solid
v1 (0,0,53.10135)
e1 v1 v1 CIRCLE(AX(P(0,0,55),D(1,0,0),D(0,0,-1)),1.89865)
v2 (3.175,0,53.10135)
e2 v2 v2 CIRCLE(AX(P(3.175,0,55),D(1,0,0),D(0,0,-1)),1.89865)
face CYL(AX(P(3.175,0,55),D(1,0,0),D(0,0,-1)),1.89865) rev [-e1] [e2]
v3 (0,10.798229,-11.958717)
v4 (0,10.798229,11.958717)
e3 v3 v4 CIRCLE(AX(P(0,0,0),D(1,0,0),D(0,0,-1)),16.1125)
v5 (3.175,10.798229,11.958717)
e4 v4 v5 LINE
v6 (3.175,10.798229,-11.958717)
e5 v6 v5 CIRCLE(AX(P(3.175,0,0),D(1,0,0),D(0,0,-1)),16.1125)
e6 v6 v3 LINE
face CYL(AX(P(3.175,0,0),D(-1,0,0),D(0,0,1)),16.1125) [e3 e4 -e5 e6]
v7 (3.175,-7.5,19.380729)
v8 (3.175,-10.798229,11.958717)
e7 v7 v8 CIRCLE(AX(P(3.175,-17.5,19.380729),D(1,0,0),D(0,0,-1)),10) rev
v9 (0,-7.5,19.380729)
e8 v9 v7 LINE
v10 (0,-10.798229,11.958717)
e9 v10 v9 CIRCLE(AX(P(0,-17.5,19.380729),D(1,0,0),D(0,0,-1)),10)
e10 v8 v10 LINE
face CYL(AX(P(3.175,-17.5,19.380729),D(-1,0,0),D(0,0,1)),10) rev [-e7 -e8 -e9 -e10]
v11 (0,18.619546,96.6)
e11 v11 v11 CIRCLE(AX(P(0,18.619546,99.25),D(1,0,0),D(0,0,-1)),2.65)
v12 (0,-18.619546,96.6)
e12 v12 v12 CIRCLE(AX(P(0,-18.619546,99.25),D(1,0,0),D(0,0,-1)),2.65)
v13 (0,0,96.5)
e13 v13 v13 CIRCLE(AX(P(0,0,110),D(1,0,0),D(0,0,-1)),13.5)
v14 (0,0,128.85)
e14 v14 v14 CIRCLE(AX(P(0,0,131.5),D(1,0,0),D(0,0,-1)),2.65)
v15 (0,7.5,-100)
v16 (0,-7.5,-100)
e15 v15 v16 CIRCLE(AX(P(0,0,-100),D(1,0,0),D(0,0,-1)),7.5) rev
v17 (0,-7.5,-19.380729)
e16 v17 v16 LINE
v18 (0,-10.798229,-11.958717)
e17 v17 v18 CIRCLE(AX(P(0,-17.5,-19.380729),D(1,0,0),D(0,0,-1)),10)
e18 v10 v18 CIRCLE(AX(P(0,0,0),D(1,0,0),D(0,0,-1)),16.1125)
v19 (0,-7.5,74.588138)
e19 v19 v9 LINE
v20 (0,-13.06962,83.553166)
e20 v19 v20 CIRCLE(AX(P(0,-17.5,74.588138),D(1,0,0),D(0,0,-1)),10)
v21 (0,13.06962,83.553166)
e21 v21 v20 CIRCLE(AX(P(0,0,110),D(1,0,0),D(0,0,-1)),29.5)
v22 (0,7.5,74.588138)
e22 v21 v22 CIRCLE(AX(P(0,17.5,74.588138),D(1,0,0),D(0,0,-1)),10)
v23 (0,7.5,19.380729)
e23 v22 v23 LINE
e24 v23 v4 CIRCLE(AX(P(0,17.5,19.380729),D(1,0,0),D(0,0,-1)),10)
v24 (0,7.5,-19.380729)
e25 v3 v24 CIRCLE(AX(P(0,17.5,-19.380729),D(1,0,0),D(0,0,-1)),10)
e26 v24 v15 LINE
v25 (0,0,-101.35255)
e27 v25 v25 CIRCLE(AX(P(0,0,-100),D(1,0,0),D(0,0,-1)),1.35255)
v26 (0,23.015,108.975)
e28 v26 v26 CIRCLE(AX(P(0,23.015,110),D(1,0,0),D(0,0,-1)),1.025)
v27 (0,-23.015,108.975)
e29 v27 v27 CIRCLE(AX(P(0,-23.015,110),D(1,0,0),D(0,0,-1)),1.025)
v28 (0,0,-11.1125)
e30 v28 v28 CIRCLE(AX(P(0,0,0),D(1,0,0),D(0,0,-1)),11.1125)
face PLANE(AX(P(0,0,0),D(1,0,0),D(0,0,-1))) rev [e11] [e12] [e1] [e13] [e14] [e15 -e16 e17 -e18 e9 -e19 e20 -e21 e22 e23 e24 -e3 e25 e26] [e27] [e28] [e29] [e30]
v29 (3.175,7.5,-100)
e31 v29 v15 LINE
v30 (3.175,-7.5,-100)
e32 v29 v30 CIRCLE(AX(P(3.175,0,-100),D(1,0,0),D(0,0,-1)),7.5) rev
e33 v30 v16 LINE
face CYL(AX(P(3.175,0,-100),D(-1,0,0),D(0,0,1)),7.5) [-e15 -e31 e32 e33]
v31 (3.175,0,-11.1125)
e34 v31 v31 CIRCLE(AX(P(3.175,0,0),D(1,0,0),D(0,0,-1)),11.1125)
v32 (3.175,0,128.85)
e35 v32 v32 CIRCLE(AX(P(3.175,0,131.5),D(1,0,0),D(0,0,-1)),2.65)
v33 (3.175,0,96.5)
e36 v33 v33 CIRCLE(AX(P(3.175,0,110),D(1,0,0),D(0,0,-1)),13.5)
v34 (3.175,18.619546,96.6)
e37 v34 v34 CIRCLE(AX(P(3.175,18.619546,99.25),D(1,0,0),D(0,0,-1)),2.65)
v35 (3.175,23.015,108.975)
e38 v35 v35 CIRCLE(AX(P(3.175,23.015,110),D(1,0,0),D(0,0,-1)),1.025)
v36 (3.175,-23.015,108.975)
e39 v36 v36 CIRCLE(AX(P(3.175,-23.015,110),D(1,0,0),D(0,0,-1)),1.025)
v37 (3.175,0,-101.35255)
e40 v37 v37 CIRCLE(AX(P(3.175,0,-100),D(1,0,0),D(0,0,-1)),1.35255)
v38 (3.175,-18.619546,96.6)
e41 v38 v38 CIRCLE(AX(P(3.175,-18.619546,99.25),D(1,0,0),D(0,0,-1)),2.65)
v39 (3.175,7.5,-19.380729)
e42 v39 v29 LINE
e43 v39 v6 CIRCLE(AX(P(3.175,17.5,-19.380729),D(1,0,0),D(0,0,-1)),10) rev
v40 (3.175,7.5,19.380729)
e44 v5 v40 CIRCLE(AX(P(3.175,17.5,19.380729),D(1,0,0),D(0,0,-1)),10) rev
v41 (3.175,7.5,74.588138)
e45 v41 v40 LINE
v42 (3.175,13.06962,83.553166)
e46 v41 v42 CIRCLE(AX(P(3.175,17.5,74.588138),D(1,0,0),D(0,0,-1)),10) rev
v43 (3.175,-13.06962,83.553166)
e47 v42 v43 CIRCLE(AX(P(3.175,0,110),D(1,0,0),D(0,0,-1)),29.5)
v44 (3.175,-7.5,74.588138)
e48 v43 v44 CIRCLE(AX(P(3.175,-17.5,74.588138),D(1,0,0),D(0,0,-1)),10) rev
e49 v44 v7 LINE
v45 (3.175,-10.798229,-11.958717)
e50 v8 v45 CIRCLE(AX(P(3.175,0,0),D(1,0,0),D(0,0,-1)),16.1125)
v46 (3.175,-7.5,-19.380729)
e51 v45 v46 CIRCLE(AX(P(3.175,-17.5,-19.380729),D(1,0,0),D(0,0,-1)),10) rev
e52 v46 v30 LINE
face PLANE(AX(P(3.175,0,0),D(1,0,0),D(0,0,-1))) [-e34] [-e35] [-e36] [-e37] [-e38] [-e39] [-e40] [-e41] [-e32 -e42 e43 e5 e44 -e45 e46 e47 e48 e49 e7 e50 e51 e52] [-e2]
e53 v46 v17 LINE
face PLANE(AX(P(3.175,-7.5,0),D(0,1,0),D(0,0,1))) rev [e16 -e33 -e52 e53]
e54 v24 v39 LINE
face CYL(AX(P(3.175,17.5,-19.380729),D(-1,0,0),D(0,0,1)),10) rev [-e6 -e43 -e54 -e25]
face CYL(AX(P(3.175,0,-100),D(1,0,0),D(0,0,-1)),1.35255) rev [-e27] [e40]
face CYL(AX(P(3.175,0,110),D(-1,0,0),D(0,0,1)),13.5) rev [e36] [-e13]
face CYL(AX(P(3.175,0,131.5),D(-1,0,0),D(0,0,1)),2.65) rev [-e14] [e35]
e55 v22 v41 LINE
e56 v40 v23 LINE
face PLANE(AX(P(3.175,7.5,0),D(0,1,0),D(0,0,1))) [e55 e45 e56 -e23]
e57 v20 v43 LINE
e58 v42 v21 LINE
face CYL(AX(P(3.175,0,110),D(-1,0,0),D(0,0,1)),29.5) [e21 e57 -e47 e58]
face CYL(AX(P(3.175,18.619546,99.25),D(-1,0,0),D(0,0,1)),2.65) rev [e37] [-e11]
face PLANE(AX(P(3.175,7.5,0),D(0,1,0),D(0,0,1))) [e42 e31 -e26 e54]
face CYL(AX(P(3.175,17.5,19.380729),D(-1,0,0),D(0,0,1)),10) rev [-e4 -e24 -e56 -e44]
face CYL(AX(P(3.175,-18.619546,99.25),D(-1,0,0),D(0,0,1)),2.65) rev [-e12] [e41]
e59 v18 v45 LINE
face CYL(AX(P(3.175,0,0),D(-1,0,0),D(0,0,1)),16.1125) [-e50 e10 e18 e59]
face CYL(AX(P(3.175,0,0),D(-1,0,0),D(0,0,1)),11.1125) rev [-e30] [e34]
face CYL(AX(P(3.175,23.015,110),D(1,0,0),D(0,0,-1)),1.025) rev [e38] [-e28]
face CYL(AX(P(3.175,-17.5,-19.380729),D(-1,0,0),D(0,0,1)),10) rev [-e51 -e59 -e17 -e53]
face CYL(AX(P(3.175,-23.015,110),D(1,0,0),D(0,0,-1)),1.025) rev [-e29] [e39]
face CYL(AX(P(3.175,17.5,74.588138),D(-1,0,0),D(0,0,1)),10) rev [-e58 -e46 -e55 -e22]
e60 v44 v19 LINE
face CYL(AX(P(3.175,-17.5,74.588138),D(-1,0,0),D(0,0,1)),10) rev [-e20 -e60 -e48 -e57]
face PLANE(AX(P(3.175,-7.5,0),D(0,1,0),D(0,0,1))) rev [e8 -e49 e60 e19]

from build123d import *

# Parameters (mm, degrees)
SKETCH1_R                = 13.5
SKETCH1_R_2              = 2.65
SKETCH1_R_3              = 11.1125
BOSS_EXTRUDE1_DEPTH      = 3.175
M2_5X0_45_TAPPED_HOLE1_D = 2.05
F_6_CLEARANCE_HOLE1_D    = 3.7973
F_6_32_TAPPED_HOLE1_D    = 2.7051
FILLET1_R                = 10


with BuildPart() as part:
    # Sketch1 → Boss-Extrude1 (new body)
    with BuildSketch(Plane(origin=(0, 0, 0), x_dir=(0, 0, -1), z_dir=(1, 0, 0))):
        with BuildLine():
            ThreePointArc((-81.469314765, 7.5), (-139.5, 0), (-81.469314765, -7.5))
            Line((-81.469314765, -7.5), (-14.260527909, -7.5))
            ThreePointArc((-14.260527909, -7.5), (0, -16.1125), (14.260527909, -7.5))
            Line((14.260527909, -7.5), (100, -7.5))
            ThreePointArc((100, -7.5), (107.5, 0), (100, 7.5))
            Line((100, 7.5), (14.260527909, 7.5))
            ThreePointArc((14.260527909, 7.5), (0, 16.1125), (-14.260527909, 7.5))
            Line((-14.260527909, 7.5), (-81.469314765, 7.5))
        make_face()
        with Locations((-110, 0)):
            Circle(SKETCH1_R, mode=Mode.SUBTRACT)
        with Locations((-99.25, -18.619546181)):
            Circle(SKETCH1_R_2, mode=Mode.SUBTRACT)
        with Locations((-131.5, 0)):
            Circle(SKETCH1_R_2, mode=Mode.SUBTRACT)
        with Locations((-99.25, 18.619546181)):
            Circle(SKETCH1_R_2, mode=Mode.SUBTRACT)
        Circle(SKETCH1_R_3, mode=Mode.SUBTRACT)
    extrude(amount=BOSS_EXTRUDE1_DEPTH)

    # M2.5x0.45 Tapped Hole1 (through all)
    with Locations(Plane(origin=(3.175, 0, 0), x_dir=(0, 0, -1), z_dir=(1, 0, 0))):
        with Locations((-110, -23.015), (-110, 23.015)):
            Hole(M2_5X0_45_TAPPED_HOLE1_D / 2)

    # #6 Clearance Hole1 (through all)
    with Locations(Plane(origin=(3.175, 0, 0), x_dir=(0, 0, -1), z_dir=(1, 0, 0))):
        with Locations((-55, 0)):
            Hole(F_6_CLEARANCE_HOLE1_D / 2)

    # #6-32 Tapped Hole1 (through all)
    with Locations(Plane(origin=(3.175, 0, 0), x_dir=(0, 0, -1), z_dir=(1, 0, 0))):
        with Locations((100, 0)):
            Hole(F_6_32_TAPPED_HOLE1_D / 2)

    # Fillet1
    fillet1_edges = [part.edges().sort_by_distance(p)[0] for p in [
        (1.5875, 7.5, 81.469314765),
        (1.5875, 7.5, 14.260527909),
        (1.5875, 7.5, -14.260527909),
        (1.5875, -7.5, -14.260527909),
        (1.5875, -7.5, 14.260527909),
        (1.5875, -7.5, 81.469314765),
    ]]
    fillet(fillet1_edges, radius=FILLET1_R)


solid = part.part
